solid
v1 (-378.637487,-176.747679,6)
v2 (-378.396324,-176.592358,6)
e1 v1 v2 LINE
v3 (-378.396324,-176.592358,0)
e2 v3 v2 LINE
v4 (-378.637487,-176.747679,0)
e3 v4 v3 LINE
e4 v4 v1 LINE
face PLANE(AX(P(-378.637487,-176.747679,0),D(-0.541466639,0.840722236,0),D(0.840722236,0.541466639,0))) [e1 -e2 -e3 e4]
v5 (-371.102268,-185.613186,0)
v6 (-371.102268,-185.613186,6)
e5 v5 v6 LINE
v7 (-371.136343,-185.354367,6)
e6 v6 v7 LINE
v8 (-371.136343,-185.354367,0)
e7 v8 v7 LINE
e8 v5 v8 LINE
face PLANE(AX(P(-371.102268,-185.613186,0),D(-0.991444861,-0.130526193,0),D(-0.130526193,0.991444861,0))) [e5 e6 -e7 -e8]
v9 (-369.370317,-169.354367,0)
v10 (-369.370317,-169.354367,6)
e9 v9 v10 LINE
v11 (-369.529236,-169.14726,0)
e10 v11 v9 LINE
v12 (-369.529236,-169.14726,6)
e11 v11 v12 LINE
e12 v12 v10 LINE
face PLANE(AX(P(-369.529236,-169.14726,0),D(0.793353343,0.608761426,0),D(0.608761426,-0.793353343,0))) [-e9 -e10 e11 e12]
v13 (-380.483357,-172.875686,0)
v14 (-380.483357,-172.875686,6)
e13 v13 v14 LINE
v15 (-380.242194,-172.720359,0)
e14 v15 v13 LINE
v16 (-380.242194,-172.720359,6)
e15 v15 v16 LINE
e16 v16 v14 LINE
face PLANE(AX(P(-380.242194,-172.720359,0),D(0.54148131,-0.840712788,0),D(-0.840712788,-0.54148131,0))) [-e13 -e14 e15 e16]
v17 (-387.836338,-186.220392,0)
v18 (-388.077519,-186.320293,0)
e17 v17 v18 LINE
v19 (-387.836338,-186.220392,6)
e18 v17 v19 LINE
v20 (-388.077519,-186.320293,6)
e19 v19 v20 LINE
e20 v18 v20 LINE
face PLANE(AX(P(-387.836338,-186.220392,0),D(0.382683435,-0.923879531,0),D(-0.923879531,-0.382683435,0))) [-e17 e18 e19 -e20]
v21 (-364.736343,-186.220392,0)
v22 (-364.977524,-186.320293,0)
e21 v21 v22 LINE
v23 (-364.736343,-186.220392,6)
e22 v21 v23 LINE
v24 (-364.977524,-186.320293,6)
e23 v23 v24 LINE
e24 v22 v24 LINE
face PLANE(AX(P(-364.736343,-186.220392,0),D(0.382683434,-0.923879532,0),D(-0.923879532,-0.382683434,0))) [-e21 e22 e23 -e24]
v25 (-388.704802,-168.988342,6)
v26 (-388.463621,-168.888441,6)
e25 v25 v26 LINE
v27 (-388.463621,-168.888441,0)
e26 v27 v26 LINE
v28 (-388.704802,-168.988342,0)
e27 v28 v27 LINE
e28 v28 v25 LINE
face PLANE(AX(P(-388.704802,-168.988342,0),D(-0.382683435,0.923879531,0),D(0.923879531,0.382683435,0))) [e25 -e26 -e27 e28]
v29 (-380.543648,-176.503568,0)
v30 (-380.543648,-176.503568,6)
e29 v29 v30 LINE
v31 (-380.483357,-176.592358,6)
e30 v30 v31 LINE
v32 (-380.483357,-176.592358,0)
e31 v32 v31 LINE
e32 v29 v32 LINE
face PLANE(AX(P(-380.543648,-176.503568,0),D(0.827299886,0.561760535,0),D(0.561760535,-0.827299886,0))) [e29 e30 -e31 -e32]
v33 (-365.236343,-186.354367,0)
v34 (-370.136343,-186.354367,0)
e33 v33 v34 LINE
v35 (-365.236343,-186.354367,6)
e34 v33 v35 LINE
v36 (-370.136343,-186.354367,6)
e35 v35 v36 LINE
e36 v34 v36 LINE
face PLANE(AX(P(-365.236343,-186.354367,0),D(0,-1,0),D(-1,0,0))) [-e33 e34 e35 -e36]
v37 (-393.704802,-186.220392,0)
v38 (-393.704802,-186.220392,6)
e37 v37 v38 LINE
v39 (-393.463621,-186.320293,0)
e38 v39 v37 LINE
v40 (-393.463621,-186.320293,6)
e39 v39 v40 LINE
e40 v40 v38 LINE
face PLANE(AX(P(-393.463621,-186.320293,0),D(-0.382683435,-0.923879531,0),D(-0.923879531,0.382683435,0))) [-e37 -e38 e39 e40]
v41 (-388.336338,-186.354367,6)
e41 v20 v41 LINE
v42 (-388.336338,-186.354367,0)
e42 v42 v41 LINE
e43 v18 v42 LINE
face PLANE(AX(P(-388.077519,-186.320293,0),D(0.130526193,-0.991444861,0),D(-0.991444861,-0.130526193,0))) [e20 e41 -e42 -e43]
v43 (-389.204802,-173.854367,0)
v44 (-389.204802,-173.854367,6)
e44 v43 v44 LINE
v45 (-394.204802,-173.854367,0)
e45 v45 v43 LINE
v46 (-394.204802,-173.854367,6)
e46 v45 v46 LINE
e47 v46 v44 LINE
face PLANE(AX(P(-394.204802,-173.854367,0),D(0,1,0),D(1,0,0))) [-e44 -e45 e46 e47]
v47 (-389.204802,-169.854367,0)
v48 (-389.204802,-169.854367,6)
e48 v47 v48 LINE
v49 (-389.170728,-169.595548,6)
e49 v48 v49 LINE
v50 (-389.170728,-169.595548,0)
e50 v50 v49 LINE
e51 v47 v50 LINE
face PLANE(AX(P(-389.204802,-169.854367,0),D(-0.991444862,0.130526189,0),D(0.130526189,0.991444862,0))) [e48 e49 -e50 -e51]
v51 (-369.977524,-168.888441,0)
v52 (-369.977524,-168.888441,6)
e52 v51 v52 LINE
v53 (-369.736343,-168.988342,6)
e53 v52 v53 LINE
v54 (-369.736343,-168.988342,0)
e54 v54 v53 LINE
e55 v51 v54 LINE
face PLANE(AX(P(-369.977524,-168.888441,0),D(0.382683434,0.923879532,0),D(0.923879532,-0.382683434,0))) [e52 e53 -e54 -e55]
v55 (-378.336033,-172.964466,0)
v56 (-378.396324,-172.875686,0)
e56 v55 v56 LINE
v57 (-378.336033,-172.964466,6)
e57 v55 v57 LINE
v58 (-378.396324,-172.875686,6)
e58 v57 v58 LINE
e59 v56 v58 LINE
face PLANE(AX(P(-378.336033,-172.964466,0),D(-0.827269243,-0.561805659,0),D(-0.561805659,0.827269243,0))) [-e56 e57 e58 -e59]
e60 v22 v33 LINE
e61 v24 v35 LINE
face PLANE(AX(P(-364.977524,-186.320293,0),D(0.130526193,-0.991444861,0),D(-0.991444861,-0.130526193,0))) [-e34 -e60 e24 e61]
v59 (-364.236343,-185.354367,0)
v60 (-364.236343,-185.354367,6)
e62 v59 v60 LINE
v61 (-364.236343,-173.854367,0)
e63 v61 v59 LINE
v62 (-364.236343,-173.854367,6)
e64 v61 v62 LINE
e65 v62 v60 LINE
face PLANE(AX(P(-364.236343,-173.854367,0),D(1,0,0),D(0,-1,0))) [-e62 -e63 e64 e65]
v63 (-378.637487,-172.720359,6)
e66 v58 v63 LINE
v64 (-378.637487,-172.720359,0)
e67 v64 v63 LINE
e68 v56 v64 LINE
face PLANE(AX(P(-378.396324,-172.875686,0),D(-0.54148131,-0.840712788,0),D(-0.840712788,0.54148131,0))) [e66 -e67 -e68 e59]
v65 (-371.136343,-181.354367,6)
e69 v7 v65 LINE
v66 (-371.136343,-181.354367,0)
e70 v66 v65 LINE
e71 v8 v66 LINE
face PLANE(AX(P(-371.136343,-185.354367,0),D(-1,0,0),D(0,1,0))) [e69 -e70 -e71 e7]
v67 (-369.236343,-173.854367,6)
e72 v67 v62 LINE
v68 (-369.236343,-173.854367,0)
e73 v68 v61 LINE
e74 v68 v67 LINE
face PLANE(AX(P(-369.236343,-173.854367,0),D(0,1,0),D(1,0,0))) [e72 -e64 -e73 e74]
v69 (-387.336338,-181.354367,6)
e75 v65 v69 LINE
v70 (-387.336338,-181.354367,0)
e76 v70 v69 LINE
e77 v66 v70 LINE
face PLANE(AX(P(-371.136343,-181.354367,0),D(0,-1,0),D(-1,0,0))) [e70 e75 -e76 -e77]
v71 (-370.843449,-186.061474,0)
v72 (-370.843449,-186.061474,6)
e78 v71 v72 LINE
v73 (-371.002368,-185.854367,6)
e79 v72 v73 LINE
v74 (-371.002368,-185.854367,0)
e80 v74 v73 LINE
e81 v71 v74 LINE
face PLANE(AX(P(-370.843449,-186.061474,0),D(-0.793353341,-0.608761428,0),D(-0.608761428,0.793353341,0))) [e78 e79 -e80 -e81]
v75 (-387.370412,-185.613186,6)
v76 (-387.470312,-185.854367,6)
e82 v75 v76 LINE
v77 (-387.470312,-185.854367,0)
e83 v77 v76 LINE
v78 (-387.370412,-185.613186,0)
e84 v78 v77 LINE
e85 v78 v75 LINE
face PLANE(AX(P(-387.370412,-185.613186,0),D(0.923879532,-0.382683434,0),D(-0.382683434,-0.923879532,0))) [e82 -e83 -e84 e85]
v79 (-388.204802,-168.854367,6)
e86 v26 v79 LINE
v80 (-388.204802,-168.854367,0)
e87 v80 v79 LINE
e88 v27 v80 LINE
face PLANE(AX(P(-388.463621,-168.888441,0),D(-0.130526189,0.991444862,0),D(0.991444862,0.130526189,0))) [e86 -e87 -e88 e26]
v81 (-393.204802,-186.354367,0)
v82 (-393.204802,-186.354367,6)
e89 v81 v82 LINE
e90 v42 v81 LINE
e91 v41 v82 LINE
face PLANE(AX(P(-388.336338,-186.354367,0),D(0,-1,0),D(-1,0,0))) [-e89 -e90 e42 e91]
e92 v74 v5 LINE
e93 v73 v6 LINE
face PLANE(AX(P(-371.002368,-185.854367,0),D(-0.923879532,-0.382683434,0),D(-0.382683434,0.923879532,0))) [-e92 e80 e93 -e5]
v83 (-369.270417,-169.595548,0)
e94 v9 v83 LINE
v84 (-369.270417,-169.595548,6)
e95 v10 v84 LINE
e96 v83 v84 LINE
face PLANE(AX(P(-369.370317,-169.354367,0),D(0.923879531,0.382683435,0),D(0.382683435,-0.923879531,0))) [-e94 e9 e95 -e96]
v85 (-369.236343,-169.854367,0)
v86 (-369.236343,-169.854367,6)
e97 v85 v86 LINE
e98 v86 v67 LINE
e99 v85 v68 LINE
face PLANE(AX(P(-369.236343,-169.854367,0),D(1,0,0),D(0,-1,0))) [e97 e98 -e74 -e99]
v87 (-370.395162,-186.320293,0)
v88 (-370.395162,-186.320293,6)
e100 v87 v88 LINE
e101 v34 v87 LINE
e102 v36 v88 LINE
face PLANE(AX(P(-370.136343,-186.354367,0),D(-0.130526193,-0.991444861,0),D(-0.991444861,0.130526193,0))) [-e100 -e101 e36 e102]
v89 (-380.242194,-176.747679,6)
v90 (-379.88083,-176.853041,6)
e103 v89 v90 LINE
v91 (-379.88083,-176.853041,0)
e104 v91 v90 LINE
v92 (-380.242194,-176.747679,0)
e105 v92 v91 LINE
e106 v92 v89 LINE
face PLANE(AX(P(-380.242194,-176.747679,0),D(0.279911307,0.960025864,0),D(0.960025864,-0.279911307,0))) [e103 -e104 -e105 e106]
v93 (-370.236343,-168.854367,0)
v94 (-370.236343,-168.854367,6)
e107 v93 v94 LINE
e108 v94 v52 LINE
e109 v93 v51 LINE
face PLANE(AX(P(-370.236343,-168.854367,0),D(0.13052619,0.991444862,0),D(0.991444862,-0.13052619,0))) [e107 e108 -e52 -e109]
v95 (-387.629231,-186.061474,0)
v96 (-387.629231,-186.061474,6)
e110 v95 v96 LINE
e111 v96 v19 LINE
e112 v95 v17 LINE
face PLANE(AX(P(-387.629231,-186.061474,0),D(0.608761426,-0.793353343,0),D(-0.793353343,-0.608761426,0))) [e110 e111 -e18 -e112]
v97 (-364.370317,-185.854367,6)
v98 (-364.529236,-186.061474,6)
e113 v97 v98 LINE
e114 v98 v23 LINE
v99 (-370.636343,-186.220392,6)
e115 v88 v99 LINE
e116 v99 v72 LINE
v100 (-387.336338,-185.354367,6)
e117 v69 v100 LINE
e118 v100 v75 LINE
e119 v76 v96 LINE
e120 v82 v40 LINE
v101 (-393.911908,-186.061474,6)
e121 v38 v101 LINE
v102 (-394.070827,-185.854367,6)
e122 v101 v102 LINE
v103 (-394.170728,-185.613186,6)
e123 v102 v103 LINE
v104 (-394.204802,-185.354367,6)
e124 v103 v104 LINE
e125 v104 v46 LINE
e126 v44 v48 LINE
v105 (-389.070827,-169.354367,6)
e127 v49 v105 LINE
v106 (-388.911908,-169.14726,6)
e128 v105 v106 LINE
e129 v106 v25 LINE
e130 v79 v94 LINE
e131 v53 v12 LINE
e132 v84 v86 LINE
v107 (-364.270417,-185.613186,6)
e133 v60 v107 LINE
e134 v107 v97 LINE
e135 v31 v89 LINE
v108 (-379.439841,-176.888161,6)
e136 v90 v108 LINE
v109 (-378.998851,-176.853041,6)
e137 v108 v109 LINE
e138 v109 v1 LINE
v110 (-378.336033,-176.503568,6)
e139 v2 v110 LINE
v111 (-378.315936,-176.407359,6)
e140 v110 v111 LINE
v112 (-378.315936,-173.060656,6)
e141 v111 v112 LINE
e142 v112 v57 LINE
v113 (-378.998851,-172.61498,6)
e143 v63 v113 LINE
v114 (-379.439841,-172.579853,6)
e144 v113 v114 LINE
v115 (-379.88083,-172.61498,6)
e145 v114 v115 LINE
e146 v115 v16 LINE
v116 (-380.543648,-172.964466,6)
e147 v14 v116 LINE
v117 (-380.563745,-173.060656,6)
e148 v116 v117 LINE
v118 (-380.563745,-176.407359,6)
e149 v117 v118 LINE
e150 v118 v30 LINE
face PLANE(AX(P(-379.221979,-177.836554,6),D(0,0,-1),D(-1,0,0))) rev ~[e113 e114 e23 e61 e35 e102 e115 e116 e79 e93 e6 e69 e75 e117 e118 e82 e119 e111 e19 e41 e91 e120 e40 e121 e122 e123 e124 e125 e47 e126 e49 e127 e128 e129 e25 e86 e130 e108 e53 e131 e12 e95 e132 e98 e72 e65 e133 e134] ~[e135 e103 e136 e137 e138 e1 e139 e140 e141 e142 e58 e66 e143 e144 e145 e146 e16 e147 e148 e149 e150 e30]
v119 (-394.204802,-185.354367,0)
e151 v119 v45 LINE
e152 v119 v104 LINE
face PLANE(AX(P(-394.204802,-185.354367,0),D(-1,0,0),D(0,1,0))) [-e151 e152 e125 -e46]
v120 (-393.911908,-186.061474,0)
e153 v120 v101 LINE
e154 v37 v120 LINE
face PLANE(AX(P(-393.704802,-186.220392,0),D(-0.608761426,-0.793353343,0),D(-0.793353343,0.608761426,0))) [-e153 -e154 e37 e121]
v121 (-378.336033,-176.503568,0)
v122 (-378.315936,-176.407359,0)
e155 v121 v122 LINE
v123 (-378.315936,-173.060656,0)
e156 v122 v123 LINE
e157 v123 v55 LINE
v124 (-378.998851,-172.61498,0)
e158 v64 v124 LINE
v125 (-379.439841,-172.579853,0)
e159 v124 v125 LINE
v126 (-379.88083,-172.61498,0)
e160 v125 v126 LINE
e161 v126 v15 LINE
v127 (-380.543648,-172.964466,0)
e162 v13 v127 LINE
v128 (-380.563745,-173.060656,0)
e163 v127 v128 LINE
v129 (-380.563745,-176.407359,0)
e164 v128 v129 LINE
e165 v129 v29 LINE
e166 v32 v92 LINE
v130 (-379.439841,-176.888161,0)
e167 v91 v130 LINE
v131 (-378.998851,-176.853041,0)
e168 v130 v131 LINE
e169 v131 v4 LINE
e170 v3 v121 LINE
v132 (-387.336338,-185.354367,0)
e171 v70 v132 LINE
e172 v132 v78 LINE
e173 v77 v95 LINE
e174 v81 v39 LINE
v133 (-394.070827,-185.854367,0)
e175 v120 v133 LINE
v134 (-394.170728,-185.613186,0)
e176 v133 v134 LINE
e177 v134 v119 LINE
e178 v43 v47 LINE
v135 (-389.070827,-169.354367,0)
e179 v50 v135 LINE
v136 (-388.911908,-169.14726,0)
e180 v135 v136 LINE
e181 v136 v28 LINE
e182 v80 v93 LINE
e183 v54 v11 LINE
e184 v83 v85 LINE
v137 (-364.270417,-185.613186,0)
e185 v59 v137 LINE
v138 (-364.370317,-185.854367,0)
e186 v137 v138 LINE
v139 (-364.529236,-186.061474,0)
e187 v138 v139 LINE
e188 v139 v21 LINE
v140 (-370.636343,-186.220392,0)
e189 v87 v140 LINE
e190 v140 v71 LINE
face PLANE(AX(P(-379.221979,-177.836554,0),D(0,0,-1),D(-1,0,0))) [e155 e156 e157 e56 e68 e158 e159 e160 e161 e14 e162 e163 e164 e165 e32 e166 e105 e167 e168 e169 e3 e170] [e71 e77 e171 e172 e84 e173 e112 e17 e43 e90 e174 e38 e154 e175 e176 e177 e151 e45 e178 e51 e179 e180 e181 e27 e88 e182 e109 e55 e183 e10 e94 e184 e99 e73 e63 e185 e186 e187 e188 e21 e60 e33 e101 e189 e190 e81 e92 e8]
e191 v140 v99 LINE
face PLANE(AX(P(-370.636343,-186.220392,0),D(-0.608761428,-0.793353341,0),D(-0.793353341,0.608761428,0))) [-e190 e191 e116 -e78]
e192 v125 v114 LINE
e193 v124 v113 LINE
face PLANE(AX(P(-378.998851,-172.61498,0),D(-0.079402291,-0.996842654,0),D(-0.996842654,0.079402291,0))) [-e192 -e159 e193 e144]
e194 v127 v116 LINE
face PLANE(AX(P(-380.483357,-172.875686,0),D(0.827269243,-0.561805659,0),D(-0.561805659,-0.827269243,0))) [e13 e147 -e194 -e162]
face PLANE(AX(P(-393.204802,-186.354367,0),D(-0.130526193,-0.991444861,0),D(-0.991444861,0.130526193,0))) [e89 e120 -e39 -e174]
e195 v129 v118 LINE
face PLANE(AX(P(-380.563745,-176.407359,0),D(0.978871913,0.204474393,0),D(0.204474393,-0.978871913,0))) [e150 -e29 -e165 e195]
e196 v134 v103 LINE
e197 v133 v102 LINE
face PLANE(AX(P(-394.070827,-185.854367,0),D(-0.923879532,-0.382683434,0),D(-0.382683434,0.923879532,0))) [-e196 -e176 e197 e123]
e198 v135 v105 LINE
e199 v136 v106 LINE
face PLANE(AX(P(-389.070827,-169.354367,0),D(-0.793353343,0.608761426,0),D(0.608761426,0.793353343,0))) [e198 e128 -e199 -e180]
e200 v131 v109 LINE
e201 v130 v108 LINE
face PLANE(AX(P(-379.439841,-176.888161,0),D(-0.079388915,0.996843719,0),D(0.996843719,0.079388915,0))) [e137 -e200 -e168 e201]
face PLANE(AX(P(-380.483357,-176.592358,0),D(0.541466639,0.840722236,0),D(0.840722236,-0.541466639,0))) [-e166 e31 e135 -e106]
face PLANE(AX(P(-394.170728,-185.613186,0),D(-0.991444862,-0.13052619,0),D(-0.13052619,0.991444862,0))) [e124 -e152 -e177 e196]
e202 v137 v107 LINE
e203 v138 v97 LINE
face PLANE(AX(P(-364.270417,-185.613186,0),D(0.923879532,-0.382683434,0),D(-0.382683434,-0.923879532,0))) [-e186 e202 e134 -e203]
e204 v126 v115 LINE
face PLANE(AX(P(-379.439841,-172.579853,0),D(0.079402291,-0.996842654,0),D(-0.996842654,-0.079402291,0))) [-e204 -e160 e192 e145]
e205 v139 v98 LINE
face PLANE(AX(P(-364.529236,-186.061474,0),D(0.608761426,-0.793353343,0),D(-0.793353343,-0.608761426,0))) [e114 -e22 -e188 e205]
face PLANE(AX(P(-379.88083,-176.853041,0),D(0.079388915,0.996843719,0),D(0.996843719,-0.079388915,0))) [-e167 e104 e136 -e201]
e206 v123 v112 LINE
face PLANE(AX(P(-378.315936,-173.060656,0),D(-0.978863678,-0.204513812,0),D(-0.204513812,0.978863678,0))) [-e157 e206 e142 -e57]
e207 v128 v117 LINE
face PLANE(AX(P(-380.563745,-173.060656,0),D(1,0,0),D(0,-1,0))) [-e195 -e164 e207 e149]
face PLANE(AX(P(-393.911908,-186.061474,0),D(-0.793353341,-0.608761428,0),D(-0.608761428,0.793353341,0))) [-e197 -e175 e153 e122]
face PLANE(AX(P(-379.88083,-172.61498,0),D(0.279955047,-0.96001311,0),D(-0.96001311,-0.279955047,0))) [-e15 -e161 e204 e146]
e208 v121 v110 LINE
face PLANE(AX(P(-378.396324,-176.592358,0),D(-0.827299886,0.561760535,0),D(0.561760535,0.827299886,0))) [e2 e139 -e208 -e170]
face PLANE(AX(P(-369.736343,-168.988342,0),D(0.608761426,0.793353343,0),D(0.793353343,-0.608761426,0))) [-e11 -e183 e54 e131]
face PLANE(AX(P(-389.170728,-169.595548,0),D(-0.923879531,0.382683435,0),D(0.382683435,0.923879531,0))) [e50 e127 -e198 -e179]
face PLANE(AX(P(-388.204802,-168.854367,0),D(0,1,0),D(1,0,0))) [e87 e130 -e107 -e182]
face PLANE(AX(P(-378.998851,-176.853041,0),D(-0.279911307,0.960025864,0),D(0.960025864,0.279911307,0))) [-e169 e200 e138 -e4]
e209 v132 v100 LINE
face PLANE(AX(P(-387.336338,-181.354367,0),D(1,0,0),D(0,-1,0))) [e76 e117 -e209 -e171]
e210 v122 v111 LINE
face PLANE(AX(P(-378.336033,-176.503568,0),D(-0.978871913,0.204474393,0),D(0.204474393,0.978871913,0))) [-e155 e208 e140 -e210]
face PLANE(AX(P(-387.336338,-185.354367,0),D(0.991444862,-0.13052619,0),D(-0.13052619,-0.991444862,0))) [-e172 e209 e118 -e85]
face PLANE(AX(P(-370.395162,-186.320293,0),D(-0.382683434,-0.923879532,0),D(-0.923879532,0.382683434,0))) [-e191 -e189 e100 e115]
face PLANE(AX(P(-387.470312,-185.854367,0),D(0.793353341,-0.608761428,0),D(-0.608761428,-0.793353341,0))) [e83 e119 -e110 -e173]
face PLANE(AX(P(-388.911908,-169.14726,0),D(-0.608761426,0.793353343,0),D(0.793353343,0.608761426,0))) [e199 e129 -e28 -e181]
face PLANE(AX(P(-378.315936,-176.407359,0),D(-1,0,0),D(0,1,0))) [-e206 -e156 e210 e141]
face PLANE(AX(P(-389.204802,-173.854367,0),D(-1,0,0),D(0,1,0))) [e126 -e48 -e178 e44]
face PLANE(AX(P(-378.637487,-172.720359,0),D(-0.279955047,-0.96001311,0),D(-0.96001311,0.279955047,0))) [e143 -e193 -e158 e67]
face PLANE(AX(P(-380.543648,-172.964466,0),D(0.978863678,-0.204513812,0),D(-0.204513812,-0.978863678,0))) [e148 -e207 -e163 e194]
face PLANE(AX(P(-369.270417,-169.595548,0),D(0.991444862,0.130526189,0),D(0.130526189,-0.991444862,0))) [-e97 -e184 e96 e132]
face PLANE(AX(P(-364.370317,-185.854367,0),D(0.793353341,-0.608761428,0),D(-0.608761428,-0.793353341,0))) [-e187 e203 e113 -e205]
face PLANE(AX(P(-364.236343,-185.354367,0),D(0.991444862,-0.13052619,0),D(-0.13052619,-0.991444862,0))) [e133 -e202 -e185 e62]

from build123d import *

# Parameters (mm, degrees)
BOSS_EXTRUDE1_DEPTH = 6


with BuildPart() as part:
    # Sketch1 → Boss-Extrude1 (new body)
    with BuildSketch(Plane.XY):
        Polygon((-389.204801714, -169.85436702), (-389.170727541, -169.595547974), (-389.070827118, -169.35436702), (-388.911908496, -169.147260238), (-388.704801714, -168.988341616), (-388.46362076, -168.888441193), (-388.204801714, -168.85436702), (-370.236342553, -168.85436702), (-369.977523508, -168.888441193), (-369.736342553, -168.988341616), (-369.529235771, -169.147260238), (-369.370317149, -169.35436702), (-369.270416726, -169.595547974), (-369.236342553, -169.85436702), (-369.236342553, -173.85436702), (-364.236342553, -173.85436702), (-364.236342553, -185.35436702), (-364.270416726, -185.613186065), (-364.370317149, -185.85436702), (-364.529235771, -186.061473801), (-364.736342553, -186.220392423), (-364.977523508, -186.320292846), (-365.236342553, -186.35436702), (-370.136342553, -186.35436702), (-370.395161598, -186.320292846), (-370.636342553, -186.220392423), (-370.843449334, -186.061473801), (-371.002367956, -185.85436702), (-371.102268379, -185.613186065), (-371.136342553, -185.35436702), (-371.136342553, -181.35436702), (-387.336337557, -181.35436702), (-387.336337557, -185.35436702), (-387.37041173, -185.613186065), (-387.470312153, -185.85436702), (-387.629230775, -186.061473801), (-387.836337557, -186.220392423), (-388.077518511, -186.320292846), (-388.336337557, -186.35436702), (-393.204801714, -186.35436702), (-393.46362076, -186.320292846), (-393.704801714, -186.220392423), (-393.911908496, -186.061473801), (-394.070827118, -185.85436702), (-394.170727541, -185.613186065), (-394.204801714, -185.35436702), (-394.204801714, -173.85436702), (-389.204801714, -173.85436702), align=None)
        Polygon((-380.563744966, -176.407359193), (-380.543648024, -176.503568463), (-380.483357199, -176.59235824), (-380.242193899, -176.747679315), (-379.880830046, -176.853040881), (-379.439840622, -176.888161403), (-378.998851197, -176.853040881), (-378.637487344, -176.747679315), (-378.396324044, -176.59235824), (-378.336033219, -176.503568463), (-378.315936277, -176.407359193), (-378.315936277, -173.060655686), (-378.336033219, -172.964465769), (-378.396324044, -172.875686412), (-378.637487344, -172.720359383), (-378.998851197, -172.614979953), (-379.439840622, -172.579853476), (-379.880830046, -172.614979953), (-380.242193899, -172.720359383), (-380.483357199, -172.875686412), (-380.543648024, -172.964465769), (-380.563744966, -173.060655686), align=None, mode=Mode.SUBTRACT)
    extrude(amount=BOSS_EXTRUDE1_DEPTH)


solid = part.part
